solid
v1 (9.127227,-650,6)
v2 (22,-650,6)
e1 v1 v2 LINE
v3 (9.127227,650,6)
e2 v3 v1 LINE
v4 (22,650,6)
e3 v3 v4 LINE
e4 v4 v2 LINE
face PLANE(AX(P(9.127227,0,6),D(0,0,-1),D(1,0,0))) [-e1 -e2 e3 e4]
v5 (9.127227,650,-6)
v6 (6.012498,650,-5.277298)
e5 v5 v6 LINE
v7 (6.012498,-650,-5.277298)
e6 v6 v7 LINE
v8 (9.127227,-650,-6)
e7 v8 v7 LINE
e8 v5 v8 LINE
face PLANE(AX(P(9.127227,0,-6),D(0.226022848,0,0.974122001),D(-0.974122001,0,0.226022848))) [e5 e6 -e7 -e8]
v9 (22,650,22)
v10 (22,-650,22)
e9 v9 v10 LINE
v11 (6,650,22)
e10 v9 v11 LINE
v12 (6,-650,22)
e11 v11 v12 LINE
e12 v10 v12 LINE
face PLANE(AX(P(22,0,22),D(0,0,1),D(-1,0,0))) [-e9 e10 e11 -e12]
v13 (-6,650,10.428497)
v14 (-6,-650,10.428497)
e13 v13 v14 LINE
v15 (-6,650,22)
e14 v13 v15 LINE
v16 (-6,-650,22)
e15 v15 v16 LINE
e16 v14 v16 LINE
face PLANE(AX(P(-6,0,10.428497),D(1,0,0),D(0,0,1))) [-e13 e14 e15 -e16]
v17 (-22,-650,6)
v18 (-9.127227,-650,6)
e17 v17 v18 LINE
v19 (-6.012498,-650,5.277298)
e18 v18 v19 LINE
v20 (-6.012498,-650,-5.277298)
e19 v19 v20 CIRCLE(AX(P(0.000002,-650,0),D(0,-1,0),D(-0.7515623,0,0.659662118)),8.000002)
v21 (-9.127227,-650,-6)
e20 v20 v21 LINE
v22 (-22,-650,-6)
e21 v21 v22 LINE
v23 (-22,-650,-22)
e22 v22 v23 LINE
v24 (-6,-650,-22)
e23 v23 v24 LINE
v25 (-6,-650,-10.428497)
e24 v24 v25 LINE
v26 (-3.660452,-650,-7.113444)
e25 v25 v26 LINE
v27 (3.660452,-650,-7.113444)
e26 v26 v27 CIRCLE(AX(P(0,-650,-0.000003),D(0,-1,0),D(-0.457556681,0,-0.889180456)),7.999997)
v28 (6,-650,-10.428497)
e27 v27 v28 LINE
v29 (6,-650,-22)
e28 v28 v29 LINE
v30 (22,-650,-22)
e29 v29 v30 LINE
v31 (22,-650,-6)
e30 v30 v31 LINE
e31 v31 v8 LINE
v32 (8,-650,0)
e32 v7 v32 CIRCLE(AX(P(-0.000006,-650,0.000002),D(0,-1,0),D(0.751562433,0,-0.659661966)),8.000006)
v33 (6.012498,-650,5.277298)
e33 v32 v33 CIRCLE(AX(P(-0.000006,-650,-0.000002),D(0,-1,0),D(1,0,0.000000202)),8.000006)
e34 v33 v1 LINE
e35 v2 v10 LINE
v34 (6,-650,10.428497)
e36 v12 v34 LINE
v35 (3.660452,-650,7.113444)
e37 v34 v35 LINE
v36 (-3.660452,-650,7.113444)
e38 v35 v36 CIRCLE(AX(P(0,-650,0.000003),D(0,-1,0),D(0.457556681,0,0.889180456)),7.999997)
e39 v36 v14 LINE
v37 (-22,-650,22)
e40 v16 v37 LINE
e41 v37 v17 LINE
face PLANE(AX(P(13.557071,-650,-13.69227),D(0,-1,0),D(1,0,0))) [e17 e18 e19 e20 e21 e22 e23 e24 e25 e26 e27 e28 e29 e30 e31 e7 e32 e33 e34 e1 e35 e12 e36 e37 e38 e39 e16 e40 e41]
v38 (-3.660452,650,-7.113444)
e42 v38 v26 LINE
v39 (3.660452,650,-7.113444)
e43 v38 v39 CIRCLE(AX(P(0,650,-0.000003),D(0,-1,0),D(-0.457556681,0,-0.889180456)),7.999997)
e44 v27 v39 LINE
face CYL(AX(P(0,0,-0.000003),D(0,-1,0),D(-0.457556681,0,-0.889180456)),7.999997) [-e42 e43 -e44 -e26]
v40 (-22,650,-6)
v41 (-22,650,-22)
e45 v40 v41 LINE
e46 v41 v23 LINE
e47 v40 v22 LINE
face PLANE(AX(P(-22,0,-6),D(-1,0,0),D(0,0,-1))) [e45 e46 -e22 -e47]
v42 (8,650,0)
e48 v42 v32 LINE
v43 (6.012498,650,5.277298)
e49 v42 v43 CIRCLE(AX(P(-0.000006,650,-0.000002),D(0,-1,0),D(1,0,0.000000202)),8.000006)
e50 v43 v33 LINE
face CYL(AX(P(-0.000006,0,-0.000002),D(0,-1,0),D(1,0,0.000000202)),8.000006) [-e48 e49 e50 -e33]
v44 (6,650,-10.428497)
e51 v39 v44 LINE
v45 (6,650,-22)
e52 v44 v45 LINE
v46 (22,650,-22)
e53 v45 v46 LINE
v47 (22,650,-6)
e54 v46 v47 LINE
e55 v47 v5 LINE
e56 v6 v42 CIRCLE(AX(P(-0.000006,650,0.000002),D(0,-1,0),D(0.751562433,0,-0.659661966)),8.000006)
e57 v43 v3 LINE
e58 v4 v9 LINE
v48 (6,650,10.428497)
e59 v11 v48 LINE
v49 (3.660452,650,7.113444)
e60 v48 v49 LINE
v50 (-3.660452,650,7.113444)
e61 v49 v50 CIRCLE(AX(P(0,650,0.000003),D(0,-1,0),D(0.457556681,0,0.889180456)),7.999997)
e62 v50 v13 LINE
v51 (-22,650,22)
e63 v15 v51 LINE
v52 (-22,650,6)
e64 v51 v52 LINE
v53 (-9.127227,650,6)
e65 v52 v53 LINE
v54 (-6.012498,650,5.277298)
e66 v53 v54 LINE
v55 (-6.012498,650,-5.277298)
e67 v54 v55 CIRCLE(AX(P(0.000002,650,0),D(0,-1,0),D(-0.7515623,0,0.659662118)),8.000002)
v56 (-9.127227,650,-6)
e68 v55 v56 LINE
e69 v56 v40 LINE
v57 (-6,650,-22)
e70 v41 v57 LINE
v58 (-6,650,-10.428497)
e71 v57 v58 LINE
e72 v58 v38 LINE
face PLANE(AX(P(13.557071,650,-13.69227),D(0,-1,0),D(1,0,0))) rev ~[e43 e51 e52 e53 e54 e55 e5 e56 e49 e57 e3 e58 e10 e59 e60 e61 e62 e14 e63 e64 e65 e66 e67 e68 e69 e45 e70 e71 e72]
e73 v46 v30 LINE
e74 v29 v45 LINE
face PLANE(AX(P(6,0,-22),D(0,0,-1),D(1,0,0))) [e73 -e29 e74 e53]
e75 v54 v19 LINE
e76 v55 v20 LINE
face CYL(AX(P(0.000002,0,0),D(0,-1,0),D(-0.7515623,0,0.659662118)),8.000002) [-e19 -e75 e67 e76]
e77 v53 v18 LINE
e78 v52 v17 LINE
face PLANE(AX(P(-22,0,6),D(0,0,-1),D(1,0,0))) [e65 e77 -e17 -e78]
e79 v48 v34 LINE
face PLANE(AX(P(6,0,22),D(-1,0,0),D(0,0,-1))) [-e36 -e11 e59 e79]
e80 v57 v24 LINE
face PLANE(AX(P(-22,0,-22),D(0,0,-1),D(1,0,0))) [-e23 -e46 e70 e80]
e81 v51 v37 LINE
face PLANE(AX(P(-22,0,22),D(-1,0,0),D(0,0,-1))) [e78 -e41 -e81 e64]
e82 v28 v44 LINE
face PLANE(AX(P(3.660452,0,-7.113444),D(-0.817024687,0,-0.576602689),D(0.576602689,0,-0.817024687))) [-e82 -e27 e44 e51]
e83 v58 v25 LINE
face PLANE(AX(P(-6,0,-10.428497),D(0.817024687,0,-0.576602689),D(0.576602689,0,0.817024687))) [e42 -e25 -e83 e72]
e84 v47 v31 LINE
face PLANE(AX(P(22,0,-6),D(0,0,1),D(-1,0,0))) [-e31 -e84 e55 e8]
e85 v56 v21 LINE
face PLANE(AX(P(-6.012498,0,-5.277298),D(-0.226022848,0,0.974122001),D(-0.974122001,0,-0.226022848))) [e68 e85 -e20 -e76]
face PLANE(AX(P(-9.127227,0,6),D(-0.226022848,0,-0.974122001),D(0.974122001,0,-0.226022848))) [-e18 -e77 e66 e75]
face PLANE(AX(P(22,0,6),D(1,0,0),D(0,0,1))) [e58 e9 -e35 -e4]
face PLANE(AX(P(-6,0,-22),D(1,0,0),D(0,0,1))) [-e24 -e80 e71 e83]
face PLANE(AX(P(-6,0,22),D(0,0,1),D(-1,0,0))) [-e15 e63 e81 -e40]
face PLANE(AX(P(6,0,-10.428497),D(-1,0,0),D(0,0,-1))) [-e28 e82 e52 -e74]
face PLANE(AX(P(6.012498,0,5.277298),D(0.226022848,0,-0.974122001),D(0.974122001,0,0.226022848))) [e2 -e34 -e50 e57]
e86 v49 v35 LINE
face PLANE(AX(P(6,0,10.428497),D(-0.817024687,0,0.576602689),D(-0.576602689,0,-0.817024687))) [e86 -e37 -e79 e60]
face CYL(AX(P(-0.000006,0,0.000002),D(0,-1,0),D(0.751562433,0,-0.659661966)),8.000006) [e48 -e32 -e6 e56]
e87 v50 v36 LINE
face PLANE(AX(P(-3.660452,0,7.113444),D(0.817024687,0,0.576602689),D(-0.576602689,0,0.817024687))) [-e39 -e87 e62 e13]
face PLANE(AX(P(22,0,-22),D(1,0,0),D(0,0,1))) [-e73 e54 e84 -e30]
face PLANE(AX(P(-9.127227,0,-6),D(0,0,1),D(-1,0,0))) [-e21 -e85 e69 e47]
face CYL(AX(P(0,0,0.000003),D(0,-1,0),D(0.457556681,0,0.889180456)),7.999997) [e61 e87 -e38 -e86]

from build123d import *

# Parameters (mm, degrees)
F1_DEPTH = 650


with BuildPart() as f1:
    # F0 (on Front) → F1 (new body, symmetric)
    with BuildSketch(Plane.XZ):
        with BuildLine():
            Line((6, -22), (22, -22))
            Line((22, -22), (22, -6))
            Line((22, -6), (9.127227, -6))
            Line((9.127227, -6), (6.012498, -5.277298))
            ThreePointArc((6.012498, -5.277298), (4.92284, -6.306001), (3.660452, -7.113444))
            Line((3.660452, -7.113444), (6, -10.428497))
            Line((6, -10.428497), (6, -22))
        make_face()
        with BuildLine():
            ThreePointArc((-3.660452, -7.113444), (0, -8), (3.660452, -7.113444))
            ThreePointArc((3.660452, -7.113444), (4.92284, -6.306001), (6.012498, -5.277298))
            ThreePointArc((6.012498, -5.277298), (7.486654, -2.819576), (8, 0))
            ThreePointArc((8, 0), (7.486654, 2.819576), (6.012498, 5.277298))
            ThreePointArc((6.012498, 5.277298), (4.92284, 6.306001), (3.660452, 7.113444))
            ThreePointArc((3.660452, 7.113444), (0, 8), (-3.660452, 7.113444))
            ThreePointArc((-3.660452, 7.113444), (-4.92284, 6.306001), (-6.012498, 5.277298))
            ThreePointArc((-6.012498, 5.277298), (-8, 0), (-6.012498, -5.277298))
            ThreePointArc((-6.012498, -5.277298), (-4.92284, -6.306001), (-3.660452, -7.113444))
        make_face()
        with BuildLine():
            Line((-6, -10.428497), (-3.660452, -7.113444))
            ThreePointArc((-3.660452, -7.113444), (-4.92284, -6.306001), (-6.012498, -5.277298))
            Line((-6.012498, -5.277298), (-9.127227, -6))
            Line((-9.127227, -6), (-22, -6))
            Line((-22, -6), (-22, -22))
            Line((-22, -22), (-6, -22))
            Line((-6, -22), (-6, -10.428497))
        make_face()
        with BuildLine():
            ThreePointArc((3.660452, 7.113444), (4.92284, 6.306001), (6.012498, 5.277298))
            Line((6.012498, 5.277298), (9.127227, 6))
            Line((9.127227, 6), (22, 6))
            Line((22, 6), (22, 22))
            Line((22, 22), (6, 22))
            Line((6, 22), (6, 10.428497))
            Line((6, 10.428497), (3.660452, 7.113444))
        make_face()
        with BuildLine():
            Line((-9.127227, 6), (-6.012498, 5.277298))
            ThreePointArc((-6.012498, 5.277298), (-4.92284, 6.306001), (-3.660452, 7.113444))
            Line((-3.660452, 7.113444), (-6, 10.428497))
            Line((-6, 10.428497), (-6, 22))
            Line((-6, 22), (-22, 22))
            Line((-22, 22), (-22, 6))
            Line((-22, 6), (-9.127227, 6))
        make_face()
    extrude(amount=F1_DEPTH, both=True)


solid = f1.part
